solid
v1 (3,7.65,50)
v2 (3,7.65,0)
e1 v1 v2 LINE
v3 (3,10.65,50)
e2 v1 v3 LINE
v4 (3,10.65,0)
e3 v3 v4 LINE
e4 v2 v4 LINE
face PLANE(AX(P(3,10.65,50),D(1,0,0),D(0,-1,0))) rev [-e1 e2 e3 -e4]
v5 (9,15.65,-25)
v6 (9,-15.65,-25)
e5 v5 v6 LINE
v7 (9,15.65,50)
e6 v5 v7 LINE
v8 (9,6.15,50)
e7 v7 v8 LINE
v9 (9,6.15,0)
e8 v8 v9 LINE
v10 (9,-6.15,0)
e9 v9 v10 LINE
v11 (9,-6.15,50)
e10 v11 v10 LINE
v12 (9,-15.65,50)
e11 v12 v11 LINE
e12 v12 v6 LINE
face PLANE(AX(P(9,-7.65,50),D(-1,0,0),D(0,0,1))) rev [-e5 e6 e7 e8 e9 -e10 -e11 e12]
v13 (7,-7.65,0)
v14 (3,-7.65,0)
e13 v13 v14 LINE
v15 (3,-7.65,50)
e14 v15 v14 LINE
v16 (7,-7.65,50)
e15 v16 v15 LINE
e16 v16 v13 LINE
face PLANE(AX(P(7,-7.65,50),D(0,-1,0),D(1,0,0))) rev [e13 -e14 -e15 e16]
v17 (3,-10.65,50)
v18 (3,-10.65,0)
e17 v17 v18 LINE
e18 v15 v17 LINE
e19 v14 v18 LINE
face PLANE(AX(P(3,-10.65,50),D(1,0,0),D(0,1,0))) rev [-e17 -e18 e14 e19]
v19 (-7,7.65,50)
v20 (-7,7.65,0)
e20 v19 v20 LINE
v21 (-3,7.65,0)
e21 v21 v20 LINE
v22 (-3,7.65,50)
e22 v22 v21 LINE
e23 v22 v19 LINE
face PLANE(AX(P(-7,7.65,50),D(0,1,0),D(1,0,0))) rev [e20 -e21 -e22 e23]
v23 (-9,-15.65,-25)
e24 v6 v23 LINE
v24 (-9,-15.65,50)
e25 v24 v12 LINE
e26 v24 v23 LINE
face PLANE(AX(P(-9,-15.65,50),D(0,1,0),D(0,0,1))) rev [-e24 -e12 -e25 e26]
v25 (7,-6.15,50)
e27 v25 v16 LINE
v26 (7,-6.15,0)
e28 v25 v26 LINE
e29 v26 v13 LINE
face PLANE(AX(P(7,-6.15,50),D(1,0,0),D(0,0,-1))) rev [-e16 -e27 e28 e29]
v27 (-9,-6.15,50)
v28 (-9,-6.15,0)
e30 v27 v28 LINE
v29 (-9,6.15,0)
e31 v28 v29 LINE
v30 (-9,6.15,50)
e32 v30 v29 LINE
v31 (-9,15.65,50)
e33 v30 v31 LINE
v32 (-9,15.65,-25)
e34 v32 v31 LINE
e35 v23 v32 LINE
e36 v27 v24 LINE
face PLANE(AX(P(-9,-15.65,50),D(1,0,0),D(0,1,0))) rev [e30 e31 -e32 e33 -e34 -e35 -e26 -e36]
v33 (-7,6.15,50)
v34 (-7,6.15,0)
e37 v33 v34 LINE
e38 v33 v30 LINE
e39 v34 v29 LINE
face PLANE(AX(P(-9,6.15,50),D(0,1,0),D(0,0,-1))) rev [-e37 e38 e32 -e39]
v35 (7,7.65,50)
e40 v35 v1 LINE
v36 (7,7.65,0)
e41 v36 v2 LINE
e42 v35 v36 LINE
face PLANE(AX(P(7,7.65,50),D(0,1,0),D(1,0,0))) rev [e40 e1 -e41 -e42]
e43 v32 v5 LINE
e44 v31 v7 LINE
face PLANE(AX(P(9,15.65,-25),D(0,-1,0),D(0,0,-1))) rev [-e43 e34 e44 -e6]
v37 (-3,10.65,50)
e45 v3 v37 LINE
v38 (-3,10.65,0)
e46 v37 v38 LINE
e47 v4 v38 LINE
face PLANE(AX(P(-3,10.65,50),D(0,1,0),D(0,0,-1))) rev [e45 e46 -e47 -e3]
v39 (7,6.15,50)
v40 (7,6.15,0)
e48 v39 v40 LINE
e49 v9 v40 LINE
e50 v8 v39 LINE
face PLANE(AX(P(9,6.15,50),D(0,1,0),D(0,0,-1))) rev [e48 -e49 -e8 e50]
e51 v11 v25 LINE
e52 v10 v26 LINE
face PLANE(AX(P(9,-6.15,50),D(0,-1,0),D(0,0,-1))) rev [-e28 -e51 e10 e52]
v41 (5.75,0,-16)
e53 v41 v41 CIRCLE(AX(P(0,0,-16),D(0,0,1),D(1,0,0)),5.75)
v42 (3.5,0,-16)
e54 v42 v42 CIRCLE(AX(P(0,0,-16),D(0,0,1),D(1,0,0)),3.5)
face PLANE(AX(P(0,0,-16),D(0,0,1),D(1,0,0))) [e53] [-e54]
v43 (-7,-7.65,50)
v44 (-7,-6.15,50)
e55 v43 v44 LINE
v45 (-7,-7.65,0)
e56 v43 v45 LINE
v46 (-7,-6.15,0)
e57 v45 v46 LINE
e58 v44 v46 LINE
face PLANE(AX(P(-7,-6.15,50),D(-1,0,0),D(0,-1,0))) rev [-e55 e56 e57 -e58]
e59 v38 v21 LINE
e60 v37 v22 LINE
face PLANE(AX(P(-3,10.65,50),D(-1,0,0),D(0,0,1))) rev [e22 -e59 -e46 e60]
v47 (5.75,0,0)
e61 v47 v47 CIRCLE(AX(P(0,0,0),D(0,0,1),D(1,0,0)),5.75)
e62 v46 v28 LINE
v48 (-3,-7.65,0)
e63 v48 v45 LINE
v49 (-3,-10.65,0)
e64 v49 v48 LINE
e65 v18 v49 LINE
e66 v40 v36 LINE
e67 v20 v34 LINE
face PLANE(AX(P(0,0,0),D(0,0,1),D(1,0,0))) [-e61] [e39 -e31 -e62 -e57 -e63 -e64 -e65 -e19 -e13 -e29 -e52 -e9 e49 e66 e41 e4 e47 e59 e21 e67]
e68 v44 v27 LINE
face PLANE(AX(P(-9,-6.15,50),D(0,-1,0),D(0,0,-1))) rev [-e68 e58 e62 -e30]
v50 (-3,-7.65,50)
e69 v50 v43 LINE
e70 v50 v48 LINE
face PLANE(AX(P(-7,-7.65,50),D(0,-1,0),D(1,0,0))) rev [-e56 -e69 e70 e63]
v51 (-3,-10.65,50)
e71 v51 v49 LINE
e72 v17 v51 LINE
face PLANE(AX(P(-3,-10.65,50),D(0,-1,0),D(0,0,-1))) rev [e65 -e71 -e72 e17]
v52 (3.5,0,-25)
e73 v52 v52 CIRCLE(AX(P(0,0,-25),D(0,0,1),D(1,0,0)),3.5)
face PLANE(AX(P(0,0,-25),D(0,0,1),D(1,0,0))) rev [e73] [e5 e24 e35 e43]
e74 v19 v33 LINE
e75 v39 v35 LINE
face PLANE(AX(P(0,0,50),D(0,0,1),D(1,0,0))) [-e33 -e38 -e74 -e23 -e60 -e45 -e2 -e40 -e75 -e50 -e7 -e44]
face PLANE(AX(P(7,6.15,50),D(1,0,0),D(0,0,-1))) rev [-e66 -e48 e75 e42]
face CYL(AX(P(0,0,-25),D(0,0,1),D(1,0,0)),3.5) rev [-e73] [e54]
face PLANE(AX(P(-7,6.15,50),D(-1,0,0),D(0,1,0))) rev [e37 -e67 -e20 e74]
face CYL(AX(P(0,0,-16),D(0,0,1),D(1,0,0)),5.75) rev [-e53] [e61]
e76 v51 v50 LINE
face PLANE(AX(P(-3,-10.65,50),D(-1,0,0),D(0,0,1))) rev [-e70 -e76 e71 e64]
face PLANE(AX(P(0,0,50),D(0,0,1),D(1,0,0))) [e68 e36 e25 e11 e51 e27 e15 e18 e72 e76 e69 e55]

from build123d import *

# Parameters (mm, degrees)
BOSS_EXTRUDE1_DEPTH = 50
SKETCH3_W           = 18
SKETCH3_H           = 31.3
BOSS_EXTRUDE2_DEPTH = 25
SKETCH4_R           = 5.75
CUT_EXTRUDE1_DEPTH  = 16
SKETCH5_R           = 3.5
CUT_EXTRUDE2_DEPTH  = 10


with BuildPart() as part:
    # Sketch2 → Boss-Extrude1 (new body)
    with BuildSketch(Plane.XY):
        Polygon((-3, -10.65), (3, -10.65), (3, -7.65), (7, -7.65), (7, -6.15), (9, -6.15), (9, -7.65), (9, -15.65), (-9, -15.65), (-9, -7.65), (-9, -6.15), (-7, -6.15), (-7, -7.65), (-3, -7.65), align=None)
    extrude(amount=BOSS_EXTRUDE1_DEPTH)


with BuildPart() as body_2:
    # Mirror2: mirrored copy
    add(part.part.mirror(Plane.ZX))


with BuildPart() as part_1:
    add(part.part)

    add(body_2.part)  # Boss-Extrude2 merges body 2
    # Sketch3 → Boss-Extrude2 (add)
    with BuildSketch(Plane(origin=(0, 0, 0), x_dir=(-1, 0, 0), z_dir=(0, 0, -1))):
        Rectangle(SKETCH3_W, SKETCH3_H)
    extrude(amount=BOSS_EXTRUDE2_DEPTH)

    # Sketch4 → Cut-Extrude1 (cut)
    with BuildSketch(Plane.XY):
        Circle(SKETCH4_R)
    extrude(amount=-CUT_EXTRUDE1_DEPTH, mode=Mode.SUBTRACT)

    # Sketch5 → Cut-Extrude2 (cut, through all)
    with BuildSketch(Plane.XY.offset(-16)):
        Circle(SKETCH5_R)
    extrude(amount=-CUT_EXTRUDE2_DEPTH, mode=Mode.SUBTRACT)


solid = part_1.part
